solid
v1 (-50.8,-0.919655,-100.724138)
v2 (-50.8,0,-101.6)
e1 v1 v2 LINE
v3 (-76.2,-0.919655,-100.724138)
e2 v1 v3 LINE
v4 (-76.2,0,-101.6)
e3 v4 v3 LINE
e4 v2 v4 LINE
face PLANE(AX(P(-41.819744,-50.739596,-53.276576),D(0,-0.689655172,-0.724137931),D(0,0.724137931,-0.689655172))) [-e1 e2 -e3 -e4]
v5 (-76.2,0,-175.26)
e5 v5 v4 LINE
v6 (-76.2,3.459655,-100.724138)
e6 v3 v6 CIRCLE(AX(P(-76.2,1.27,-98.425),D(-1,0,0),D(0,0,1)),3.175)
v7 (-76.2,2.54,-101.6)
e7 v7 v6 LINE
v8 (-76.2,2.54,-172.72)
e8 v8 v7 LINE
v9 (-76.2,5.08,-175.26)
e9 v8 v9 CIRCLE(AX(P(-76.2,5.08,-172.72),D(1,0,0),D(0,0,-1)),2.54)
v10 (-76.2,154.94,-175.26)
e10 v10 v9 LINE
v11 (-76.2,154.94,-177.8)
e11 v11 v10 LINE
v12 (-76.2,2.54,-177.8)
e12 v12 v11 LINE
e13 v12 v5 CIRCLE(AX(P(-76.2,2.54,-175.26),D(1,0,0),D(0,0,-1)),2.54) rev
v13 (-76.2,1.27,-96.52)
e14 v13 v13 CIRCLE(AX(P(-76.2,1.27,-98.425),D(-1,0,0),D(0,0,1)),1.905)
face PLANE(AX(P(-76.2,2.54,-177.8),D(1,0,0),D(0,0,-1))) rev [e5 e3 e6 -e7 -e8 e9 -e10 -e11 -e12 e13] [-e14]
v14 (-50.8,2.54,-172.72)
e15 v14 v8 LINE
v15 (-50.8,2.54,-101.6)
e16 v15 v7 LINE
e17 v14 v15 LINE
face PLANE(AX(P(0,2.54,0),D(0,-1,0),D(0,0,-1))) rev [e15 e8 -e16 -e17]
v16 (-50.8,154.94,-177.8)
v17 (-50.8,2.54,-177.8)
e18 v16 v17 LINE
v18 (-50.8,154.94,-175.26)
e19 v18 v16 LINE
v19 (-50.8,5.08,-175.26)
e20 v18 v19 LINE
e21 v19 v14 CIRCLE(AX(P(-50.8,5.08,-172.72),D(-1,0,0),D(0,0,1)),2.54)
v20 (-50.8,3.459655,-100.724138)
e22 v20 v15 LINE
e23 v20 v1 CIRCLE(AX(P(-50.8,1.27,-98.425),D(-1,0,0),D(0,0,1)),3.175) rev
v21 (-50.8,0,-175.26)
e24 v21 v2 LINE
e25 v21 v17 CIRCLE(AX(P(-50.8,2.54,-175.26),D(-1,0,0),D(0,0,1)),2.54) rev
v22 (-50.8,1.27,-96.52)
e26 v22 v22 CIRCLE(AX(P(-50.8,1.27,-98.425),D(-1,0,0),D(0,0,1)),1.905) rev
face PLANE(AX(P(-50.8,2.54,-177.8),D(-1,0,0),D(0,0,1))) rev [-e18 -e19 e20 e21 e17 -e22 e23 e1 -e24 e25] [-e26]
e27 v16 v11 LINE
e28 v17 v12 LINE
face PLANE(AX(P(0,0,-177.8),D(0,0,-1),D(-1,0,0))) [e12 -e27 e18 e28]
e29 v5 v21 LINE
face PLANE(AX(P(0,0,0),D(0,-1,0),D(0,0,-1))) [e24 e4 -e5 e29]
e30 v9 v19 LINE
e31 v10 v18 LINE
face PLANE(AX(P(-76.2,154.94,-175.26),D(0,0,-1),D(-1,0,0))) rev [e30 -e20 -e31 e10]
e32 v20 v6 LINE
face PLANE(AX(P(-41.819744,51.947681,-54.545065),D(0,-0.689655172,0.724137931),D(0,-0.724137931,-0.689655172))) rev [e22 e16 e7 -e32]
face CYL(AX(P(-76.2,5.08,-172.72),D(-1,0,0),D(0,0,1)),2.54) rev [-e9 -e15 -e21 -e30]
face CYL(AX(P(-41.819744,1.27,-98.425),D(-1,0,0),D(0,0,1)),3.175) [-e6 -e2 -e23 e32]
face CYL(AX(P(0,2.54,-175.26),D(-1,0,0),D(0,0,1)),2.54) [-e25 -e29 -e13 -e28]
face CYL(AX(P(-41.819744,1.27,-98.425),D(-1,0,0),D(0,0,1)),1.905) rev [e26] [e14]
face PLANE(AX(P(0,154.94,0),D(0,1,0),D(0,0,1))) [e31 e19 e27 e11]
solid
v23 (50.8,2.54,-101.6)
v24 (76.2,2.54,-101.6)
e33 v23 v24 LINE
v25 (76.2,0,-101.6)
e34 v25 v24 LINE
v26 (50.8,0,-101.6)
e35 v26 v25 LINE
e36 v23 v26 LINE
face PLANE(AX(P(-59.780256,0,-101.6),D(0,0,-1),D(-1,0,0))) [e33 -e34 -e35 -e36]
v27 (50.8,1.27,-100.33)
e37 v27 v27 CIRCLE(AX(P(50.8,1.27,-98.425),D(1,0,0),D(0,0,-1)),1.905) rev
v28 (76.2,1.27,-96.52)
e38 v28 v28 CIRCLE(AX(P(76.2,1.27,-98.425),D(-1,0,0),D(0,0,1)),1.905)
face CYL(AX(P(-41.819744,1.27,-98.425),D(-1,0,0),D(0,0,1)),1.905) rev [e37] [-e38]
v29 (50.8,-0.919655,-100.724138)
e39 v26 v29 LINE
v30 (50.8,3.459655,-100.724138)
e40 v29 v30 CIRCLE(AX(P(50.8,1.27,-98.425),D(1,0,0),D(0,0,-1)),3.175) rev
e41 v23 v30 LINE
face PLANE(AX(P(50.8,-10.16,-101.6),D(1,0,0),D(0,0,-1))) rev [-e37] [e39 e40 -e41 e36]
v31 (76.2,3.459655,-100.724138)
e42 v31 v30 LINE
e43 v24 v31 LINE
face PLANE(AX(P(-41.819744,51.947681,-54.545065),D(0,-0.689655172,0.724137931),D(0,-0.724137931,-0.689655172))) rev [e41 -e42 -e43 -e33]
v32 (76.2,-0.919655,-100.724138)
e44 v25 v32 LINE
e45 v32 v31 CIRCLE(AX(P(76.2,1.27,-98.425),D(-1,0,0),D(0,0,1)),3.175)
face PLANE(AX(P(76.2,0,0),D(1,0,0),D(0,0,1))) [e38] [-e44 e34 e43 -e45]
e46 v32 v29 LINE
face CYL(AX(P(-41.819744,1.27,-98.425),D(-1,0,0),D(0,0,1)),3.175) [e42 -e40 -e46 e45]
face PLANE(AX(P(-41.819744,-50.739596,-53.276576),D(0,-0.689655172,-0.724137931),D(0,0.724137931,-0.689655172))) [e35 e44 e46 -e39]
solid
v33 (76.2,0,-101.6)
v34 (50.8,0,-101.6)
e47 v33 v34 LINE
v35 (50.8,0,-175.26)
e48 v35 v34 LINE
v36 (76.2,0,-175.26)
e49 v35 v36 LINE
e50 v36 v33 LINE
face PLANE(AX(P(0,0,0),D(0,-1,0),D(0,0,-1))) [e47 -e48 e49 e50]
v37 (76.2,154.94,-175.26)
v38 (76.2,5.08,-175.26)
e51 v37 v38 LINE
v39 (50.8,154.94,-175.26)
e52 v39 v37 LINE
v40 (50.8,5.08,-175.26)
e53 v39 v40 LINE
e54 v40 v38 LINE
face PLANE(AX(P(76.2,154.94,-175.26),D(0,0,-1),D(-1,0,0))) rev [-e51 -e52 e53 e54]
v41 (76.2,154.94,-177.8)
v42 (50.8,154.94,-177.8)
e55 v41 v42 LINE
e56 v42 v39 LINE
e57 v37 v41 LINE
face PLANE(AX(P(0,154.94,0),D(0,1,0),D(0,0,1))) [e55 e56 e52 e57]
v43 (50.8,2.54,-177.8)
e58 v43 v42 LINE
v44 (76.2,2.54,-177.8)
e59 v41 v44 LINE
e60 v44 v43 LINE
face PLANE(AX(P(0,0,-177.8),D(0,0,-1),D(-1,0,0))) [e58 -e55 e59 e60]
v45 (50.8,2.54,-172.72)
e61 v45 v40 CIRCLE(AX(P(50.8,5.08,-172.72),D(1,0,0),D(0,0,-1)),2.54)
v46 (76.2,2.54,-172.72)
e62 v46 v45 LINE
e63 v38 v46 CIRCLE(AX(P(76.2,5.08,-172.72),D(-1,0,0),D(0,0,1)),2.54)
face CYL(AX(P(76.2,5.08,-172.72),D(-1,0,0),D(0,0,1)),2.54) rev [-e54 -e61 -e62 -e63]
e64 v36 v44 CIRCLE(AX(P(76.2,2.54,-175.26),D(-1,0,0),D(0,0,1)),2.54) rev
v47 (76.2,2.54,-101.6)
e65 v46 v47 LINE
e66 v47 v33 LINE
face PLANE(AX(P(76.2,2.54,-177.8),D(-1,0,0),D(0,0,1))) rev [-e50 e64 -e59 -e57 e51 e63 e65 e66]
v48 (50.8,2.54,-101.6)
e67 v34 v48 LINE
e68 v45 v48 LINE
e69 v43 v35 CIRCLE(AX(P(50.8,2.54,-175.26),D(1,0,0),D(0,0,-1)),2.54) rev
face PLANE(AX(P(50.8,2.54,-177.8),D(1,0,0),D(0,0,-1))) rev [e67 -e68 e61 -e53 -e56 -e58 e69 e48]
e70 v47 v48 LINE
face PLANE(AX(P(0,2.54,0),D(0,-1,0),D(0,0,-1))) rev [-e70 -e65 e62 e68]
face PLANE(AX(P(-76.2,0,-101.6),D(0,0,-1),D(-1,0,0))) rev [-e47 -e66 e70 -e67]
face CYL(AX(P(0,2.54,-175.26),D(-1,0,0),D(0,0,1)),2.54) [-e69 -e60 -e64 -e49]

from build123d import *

# Parameters (mm, degrees)
SKETCH1_W           = 533.4
SKETCH1_H           = 203.2
SKETCH1_W_2         = 482.6
SKETCH1_H_2         = 152.4
BOSS_EXTRUDE1_DEPTH = 2.54
FILLET1_R           = 2.54
SKETCH2_W           = 25.4
SKETCH2_H           = 2.54
BOSS_EXTRUDE2_DEPTH = 76.2
SKETCH3_W           = 25.4
SKETCH3_H           = 2.54
BOSS_EXTRUDE3_DEPTH = 152.4
FILLET2_R           = 2.54
FILLET3_R           = 2.54
CUT_EXTRUDE1_DEPTH  = 355.918990757
BOSS_EXTRUDE4_START = -152.4
SKETCH5_R           = 3.175
SKETCH5_R_2         = 1.905
BOSS_EXTRUDE4_DEPTH = 152.4
SKETCH6_W           = 101.6
SKETCH6_H           = 6.35
CUT_EXTRUDE2_DEPTH  = 12.7


with BuildPart() as part:
    # Sketch1 → Boss-Extrude1 (new body)
    with BuildSketch(Plane(origin=(0, 0, 0), x_dir=(1, 0, 0), z_dir=(0, 1, 0))):
        Rectangle(SKETCH1_W, SKETCH1_H)
        Rectangle(SKETCH1_W_2, SKETCH1_H_2, mode=Mode.SUBTRACT)
    extrude(amount=BOSS_EXTRUDE1_DEPTH)

    # Fillet1
    fillet1_edges = [part.edges().sort_by_distance(p)[0] for p in [
        (-266.7, 1.27, -101.6),
        (266.7, 1.27, -101.6),
        (266.7, 1.27, 101.6),
        (-266.7, 1.27, 101.6),
    ]]
    fillet(fillet1_edges, radius=FILLET1_R)

    # Sketch2 → Boss-Extrude2 (add)
    with BuildSketch(Plane(origin=(0, 0, -101.6), x_dir=(-1, 0, 0), z_dir=(0, 0, -1))):
        with Locations((63.5, 1.27)):
            Rectangle(SKETCH2_W, SKETCH2_H)
        with Locations((-63.5, 1.27)):
            Rectangle(SKETCH2_W, SKETCH2_H)
    extrude(amount=BOSS_EXTRUDE2_DEPTH)

    # Sketch3 → Boss-Extrude3 (add)
    with BuildSketch(Plane(origin=(0, 2.54, 0), x_dir=(1, 0, 0), z_dir=(0, 1, 0))):
        with Locations((-63.5, 176.53)):
            Rectangle(SKETCH3_W, SKETCH3_H)
        with Locations((63.5, 176.53)):
            Rectangle(SKETCH3_W, SKETCH3_H)
    extrude(amount=BOSS_EXTRUDE3_DEPTH)

    # Fillet2
    fillet2_edges = [part.edges().sort_by_distance(p)[0] for p in [
        (-63.5, 2.54, -175.26),
        (63.5, 2.54, -175.26),
    ]]
    fillet(fillet2_edges, radius=FILLET2_R)

    # Fillet3
    fillet3_edges = [part.edges().sort_by_distance(p)[0] for p in [
        (-63.5, 0, -177.8),
        (63.5, 0, -177.8),
    ]]
    fillet(fillet3_edges, radius=FILLET3_R)

    # Sketch4 → Cut-Extrude1 (cut, through all)
    with BuildSketch(Plane(origin=(0, 2.54, 0), x_dir=(1, 0, 0), z_dir=(0, 1, 0))):
        with BuildLine():
            Line((-264.16, -101.6), (264.16, -101.6))
            ThreePointArc((264.16, -101.6), (265.956051224, -100.856051224), (266.7, -99.06))
            Line((266.7, -99.06), (266.7, 99.06))
            ThreePointArc((266.7, 99.06), (265.956051224, 100.856051224), (264.16, 101.6))
            Line((264.16, 101.6), (76.2, 101.6))
            Line((76.2, 101.6), (50.8, 101.6))
            Line((50.8, 101.6), (-50.8, 101.6))
            Line((-50.8, 101.6), (-76.2, 101.6))
            Line((-76.2, 101.6), (-264.16, 101.6))
            ThreePointArc((-264.16, 101.6), (-265.956051224, 100.856051224), (-266.7, 99.06))
            Line((-266.7, 99.06), (-266.7, -99.06))
            ThreePointArc((-266.7, -99.06), (-265.956051224, -100.856051224), (-264.16, -101.6))
        make_face()
    extrude(amount=-CUT_EXTRUDE1_DEPTH, mode=Mode.SUBTRACT)


with BuildPart() as cut_extrude1_piece_1:
    # of the separate pieces the step leaves, piece 1, a body of its own (cut_extrude1_pieces)
    add(part.part.solids().sort_by_distance((-76.2, 0, -175.26))[0])

    # Sketch5 → Boss-Extrude4 (add)
    # profile 1 of 3: a face of its own
    with BuildSketch(Plane.ZY.offset(76.2).offset(BOSS_EXTRUDE4_START)):
        with Locations((-98.425, 1.27)):
            Circle(SKETCH5_R)
        with Locations((-98.425, 1.27)):
            Circle(SKETCH5_R_2, mode=Mode.SUBTRACT)
    # profile 2 of 3: a face of its own
    with BuildSketch(Plane.ZY.offset(76.2).offset(BOSS_EXTRUDE4_START)):
        with BuildLine():
            ThreePointArc((-100.724137931, -0.919655172), (-101.372913494, 0.090834603), (-101.6, 1.27))
            Line((-101.6, 1.27), (-101.6, 0))
            Line((-101.6, 0), (-100.724137931, -0.919655172))
        make_face()
    # profile 3 of 3: a face of its own
    with BuildSketch(Plane.ZY.offset(76.2).offset(BOSS_EXTRUDE4_START)):
        with BuildLine():
            Line((-100.724137931, 3.459655172), (-101.6, 2.54))
            Line((-101.6, 2.54), (-101.6, 1.27))
            ThreePointArc((-101.6, 1.27), (-101.372913494, 2.449165397), (-100.724137931, 3.459655172))
        make_face()
    boss_extrude4 = extrude(amount=BOSS_EXTRUDE4_DEPTH)

    # Mirror4: Boss-Extrude4 across plane
    add(boss_extrude4.mirror(Plane(origin=(0, 0, 0), x_dir=(0, 0, 1), z_dir=(1, 0, 0))))

    # Sketch6 → Cut-Extrude2 (cut, symmetric)
    with BuildSketch(Plane(origin=(0, 2.54, 0), x_dir=(1, 0, 0), z_dir=(0, 1, 0))):
        with Locations((0, 98.425)):
            Rectangle(SKETCH6_W, SKETCH6_H)
    extrude(amount=CUT_EXTRUDE2_DEPTH, both=True, mode=Mode.SUBTRACT)


with BuildPart() as cut_extrude1_piece_2:
    # of the separate pieces the step leaves, piece 2, a body of its own (cut_extrude1_pieces)
    add(part.part.solids().sort_by_distance((76.2, 0, -175.26))[0])


with BuildPart() as cut_extrude2_piece_1:
    # of the separate pieces the step leaves, piece 1, a body of its own (cut_extrude2_pieces)
    add(cut_extrude1_piece_1.part.solids().sort_by_distance((-50.8, -0.919655172, -100.724137931))[0])


with BuildPart() as cut_extrude2_piece_2:
    # of the separate pieces the step leaves, piece 2, a body of its own (cut_extrude2_pieces)
    add(cut_extrude1_piece_1.part.solids().sort_by_distance((76.2, -0.919655172, -100.724137931))[0])


solid = Compound([cut_extrude1_piece_2.part, cut_extrude2_piece_1.part, cut_extrude2_piece_2.part])
